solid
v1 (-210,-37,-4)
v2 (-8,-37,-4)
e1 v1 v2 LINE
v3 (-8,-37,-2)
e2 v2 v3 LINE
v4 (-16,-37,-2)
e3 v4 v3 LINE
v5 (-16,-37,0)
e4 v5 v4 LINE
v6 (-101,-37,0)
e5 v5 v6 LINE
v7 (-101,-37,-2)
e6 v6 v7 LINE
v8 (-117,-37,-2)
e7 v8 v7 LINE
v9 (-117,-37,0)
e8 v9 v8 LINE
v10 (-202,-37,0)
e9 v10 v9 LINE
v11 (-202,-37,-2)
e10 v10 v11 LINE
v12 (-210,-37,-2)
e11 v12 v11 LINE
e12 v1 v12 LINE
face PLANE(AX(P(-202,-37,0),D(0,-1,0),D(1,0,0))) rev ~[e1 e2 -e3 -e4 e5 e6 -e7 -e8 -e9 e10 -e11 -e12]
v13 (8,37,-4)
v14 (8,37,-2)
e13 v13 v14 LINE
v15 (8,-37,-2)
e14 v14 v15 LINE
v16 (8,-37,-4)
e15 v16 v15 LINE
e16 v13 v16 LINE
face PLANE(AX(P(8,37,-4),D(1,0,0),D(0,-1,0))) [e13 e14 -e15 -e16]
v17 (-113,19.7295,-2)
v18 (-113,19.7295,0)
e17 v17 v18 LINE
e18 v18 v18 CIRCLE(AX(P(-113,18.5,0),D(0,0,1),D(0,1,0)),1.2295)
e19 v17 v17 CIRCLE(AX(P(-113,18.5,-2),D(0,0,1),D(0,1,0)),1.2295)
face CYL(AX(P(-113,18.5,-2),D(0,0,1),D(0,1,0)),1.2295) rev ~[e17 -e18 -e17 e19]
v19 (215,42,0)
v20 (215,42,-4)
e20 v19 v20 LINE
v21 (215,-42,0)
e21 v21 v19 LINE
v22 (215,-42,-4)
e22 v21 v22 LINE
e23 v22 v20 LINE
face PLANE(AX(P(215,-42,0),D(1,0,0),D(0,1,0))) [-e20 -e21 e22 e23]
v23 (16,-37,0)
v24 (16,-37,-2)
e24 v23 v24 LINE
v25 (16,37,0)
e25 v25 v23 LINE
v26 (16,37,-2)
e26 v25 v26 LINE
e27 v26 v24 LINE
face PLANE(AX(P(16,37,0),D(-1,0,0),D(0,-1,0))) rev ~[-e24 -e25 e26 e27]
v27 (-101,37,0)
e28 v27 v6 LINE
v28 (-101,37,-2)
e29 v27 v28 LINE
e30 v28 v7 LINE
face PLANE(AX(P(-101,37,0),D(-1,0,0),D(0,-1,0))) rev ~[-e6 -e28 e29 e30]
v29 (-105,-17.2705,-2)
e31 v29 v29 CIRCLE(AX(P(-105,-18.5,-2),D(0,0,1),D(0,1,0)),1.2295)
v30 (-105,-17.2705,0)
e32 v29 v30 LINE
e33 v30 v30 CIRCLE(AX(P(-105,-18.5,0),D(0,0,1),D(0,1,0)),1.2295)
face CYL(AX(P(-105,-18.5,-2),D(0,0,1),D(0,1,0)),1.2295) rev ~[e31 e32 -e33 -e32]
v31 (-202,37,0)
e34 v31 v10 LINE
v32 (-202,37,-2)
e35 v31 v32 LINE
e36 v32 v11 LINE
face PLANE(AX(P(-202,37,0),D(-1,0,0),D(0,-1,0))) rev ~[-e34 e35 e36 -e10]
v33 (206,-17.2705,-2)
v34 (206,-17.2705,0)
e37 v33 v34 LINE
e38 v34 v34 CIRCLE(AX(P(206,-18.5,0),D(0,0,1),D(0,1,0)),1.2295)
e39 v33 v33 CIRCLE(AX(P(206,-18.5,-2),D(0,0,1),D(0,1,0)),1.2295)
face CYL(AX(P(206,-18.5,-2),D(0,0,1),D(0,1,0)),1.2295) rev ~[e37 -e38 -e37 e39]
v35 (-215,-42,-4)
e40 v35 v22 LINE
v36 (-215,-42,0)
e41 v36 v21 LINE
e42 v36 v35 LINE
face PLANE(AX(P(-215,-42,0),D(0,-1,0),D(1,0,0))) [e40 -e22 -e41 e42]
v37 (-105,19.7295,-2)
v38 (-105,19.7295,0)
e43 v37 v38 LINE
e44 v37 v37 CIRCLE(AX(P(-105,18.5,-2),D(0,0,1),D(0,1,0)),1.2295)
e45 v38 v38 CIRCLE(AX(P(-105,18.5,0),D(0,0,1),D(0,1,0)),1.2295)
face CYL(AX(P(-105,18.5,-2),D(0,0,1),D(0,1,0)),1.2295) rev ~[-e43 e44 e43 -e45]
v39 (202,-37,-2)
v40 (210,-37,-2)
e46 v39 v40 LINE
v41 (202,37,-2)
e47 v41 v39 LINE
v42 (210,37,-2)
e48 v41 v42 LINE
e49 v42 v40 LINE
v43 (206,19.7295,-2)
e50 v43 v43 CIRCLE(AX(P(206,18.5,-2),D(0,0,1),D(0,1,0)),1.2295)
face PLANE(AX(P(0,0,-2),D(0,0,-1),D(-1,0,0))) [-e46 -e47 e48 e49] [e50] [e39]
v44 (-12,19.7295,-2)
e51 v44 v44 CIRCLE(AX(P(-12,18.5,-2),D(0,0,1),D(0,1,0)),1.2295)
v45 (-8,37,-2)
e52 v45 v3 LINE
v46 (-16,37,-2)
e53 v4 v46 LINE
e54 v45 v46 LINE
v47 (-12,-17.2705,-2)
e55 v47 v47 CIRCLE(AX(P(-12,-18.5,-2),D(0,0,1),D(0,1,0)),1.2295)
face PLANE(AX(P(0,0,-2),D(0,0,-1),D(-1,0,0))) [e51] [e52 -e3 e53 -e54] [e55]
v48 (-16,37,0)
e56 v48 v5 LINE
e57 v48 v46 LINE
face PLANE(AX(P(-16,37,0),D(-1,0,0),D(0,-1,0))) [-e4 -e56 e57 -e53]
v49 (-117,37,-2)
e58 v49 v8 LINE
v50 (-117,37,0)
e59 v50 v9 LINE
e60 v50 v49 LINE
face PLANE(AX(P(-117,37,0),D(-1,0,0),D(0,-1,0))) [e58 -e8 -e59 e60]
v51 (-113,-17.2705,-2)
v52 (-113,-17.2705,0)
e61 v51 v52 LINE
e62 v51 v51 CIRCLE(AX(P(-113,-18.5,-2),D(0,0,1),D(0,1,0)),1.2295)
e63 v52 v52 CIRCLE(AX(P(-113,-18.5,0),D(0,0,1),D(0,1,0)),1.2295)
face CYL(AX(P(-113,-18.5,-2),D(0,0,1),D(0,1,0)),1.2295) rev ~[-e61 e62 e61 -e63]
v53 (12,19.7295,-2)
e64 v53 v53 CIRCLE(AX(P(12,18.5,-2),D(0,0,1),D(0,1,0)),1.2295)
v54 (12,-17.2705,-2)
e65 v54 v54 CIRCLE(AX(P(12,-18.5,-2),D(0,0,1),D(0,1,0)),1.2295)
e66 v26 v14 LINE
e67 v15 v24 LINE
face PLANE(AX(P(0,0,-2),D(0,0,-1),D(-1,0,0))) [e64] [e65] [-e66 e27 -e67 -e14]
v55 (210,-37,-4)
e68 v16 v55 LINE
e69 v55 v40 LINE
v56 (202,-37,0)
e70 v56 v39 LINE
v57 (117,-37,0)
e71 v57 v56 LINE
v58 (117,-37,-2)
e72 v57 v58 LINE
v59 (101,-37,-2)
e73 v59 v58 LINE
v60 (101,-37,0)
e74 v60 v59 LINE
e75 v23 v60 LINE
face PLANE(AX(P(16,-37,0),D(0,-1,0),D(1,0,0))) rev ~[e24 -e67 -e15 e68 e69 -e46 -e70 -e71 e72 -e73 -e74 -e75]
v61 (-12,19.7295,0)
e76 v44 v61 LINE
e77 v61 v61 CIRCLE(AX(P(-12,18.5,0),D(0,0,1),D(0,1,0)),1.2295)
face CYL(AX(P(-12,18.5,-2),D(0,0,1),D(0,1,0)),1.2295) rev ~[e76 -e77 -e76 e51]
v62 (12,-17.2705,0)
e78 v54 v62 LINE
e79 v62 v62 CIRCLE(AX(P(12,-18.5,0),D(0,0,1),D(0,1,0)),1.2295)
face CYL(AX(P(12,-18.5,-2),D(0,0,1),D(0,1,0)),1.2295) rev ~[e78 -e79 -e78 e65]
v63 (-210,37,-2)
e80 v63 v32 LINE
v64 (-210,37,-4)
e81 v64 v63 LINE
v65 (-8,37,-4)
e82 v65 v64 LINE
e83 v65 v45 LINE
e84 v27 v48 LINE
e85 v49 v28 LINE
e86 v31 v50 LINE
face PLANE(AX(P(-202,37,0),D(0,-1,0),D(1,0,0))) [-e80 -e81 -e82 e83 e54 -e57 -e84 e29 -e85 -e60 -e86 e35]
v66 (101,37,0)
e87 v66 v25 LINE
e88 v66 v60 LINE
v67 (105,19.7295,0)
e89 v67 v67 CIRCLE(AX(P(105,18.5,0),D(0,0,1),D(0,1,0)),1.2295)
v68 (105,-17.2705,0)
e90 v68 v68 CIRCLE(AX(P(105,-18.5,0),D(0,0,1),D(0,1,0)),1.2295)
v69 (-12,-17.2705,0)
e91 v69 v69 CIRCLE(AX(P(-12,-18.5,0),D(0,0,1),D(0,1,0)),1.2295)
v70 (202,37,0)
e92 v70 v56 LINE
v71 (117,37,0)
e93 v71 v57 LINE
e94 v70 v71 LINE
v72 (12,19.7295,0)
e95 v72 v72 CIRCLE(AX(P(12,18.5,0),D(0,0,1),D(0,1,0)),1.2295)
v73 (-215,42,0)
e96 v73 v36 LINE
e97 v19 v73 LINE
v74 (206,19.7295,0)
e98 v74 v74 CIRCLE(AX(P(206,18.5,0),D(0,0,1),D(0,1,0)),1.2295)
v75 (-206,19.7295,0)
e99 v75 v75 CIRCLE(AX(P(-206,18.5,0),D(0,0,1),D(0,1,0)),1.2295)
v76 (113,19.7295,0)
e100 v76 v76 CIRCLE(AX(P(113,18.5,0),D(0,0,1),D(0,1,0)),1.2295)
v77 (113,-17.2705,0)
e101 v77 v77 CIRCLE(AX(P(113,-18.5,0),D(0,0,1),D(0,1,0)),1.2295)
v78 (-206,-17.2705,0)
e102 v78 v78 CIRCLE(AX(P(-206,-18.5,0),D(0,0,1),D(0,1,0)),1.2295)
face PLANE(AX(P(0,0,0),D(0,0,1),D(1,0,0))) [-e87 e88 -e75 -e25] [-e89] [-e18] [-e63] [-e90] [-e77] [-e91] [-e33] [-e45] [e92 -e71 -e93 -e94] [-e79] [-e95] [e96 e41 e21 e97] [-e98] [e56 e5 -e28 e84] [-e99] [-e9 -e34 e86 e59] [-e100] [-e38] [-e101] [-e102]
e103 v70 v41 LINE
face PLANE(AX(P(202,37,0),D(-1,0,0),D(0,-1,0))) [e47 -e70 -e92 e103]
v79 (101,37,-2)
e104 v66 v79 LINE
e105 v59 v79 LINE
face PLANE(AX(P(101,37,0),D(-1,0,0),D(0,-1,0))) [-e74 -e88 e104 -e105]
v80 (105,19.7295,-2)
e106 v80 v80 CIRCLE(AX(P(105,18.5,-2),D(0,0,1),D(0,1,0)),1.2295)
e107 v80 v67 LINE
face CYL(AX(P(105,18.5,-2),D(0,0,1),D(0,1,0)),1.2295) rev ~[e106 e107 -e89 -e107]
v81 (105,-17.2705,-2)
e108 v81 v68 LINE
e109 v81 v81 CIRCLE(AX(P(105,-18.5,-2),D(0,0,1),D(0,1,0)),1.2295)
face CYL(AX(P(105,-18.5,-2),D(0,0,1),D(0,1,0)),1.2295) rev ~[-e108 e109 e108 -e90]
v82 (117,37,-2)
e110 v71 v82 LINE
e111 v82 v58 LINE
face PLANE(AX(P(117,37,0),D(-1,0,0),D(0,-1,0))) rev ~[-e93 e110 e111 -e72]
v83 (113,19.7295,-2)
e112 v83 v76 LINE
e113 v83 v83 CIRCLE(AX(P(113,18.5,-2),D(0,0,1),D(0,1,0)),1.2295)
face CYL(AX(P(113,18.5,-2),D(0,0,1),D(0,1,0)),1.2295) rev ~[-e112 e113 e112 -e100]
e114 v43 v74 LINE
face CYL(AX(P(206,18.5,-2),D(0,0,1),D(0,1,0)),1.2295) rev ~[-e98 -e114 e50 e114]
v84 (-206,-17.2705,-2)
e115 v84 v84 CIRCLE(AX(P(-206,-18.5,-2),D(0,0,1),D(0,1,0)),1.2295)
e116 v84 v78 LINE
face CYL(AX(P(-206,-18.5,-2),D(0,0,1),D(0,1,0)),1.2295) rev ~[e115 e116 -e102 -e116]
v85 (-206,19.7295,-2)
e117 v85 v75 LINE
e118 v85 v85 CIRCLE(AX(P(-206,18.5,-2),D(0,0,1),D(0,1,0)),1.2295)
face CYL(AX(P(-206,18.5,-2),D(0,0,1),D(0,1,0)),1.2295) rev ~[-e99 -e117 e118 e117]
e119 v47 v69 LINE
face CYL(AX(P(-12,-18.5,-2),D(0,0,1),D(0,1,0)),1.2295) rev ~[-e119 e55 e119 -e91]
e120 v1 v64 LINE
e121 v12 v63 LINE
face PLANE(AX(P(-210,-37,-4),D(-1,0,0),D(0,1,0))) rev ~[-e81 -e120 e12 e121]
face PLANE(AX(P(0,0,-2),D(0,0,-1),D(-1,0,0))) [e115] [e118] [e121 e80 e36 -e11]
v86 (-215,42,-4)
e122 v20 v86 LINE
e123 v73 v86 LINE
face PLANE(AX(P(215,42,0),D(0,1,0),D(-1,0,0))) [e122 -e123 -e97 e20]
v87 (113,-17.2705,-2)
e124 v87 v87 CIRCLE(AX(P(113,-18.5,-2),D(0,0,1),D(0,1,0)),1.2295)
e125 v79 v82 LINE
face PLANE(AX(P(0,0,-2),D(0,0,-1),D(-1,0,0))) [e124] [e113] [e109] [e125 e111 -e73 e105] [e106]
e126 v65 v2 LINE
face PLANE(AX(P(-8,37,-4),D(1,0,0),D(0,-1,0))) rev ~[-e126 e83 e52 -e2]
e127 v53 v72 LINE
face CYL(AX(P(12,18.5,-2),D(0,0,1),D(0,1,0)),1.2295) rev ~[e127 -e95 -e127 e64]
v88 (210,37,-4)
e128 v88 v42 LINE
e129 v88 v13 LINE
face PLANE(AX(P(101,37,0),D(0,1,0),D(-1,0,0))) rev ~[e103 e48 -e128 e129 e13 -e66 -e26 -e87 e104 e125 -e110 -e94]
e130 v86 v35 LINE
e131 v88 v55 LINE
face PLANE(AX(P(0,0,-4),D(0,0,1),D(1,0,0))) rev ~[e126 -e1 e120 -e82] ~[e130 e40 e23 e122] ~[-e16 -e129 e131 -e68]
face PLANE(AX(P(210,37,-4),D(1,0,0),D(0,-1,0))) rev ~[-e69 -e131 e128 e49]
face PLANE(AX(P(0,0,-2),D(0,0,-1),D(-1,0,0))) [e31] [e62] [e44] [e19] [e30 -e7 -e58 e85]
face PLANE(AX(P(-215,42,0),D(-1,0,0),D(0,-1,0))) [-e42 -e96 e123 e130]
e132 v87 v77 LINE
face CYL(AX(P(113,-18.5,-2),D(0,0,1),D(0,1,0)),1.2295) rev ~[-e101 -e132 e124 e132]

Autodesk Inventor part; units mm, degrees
ref_plane "YZ Plane" through (0, 0, 0) normal (1, 0, 0) x (0, 1, 0)
ref_plane "XZ Plane" through (0, 0, 0) normal (0, 1, 0) x (-1, 0, 0)
ref_plane "XY Plane" through (0, 0, 0) normal (0, 0, 1) x (1, 0, 0)
sketch "Esboço1" plane through (0, 0, 0) normal (0, 0, 1) x (1, 0, 0)
  line L0 (-215, -42) -> (215, -42)
  line L1 (215, -42) -> (215, 42)
  line L2 (215, 42) -> (-215, 42)
  line L3 (-215, 42) -> (-215, -42)
  point P0 (0, 0)
  dimension "d2" = 430
  dimension "d4" = 84
  dimension "d6" = 215
  dimension "d7" = 42
extrude "Extrusão1" add sketch "Esboço1" against normal blind 4
sketch "Esboço3" plane through (0, 0, 0) normal (0, 0, 1) x (1, 0, 0)
  line L0 (-215, -42) -> (-215, 42) projected
  line L1 (215, -42) -> (-215, -42) projected
  line L2 (-215, 37) -> (215, 37) construction
  line L3 (-210, 42) -> (-210, -42) construction
  line L4 (210, 42) -> (210, -42) construction
  line L5 (-215, -37) -> (215, -37) construction
  line L6 (-8, 37) -> (-8, -37) construction
  line L7 (8, 37) -> (8, -37) construction
  line L8 (210, 37) -> (210, -37)
  line L9 (-202, 37) -> (-202, -37)
  line L10 (-16, 37) -> (-16, -37)
  line L11 (-117, 37) -> (-117, -37)
  line L12 (-101, 37) -> (-101, -37)
  line L13 (16, 37) -> (16, -37)
  line L14 (202, 37) -> (202, -37)
  line L15 (101, 37) -> (101, -37)
  line L16 (117, 37) -> (117, -37)
  line L17 (-202, -37) -> (-117, -37)
  line L18 (-202, 37) -> (-117, 37)
  line L19 (-101, 37) -> (-16, 37)
  line L20 (-16, -37) -> (-101, -37)
  line L21 (202, 37) -> (117, 37)
  line L22 (101, 37) -> (16, 37)
  line L23 (-215, 42) -> (215, 42) projected
  line L24 (16, -37) -> (101, -37)
  line L25 (117, -37) -> (202, -37)
  point P0 (0, 0)
  dimension "d79" = 79
  dimension "d80" = 5
  dimension "d81" = 79
  dimension "d82" = 5
  dimension "d83" = 79
  dimension "d84" = 5
  dimension "d85" = 79
  dimension "d86" = 5
  dimension "d87" = 199
  dimension "d88" = 114
  dimension "d89" = 98
  dimension "d90" = 13
  dimension "d91" = 79
  dimension "d92" = 5
  dimension "d93" = 425
  dimension "d94" = 417
  dimension "d95" = 332
  dimension "d96" = 316
  dimension "d97" = 231
  dimension "d98" = 223
  dimension "d99" = 207
  dimension "d100" = 5
  dimension "d101" = 430
  dimension "d102" = 430
  dimension "d103" = 84
  dimension "d104" = 84
extrude "Extrusão2" cut sketch "Esboço3" against normal blind 10
sketch "Esboço5" plane through (0, 0, -4) normal (0, 0, -1) x (-1, 0, 0)
  line L0 (-215, 37) -> (215, 37) construction
  line L1 (-210, 42) -> (-210, -42) construction
  line L2 (210, 42) -> (210, -42) construction
  line L3 (-215, -37) -> (215, -37) construction
  line L4 (-8, 37) -> (-8, -37) construction
  line L5 (8, 37) -> (8, -37) construction
  line L6 (-117, -37) -> (-202, -37)
  line L7 (-202, -37) -> (-210, -37)
  line L8 (-210, 37) -> (-210, -37)
  line L9 (-210, 37) -> (-202, 37)
  line L10 (-202, 37) -> (-117, 37)
  line L11 (-202, 37) -> (-202, -37)
  line L12 (-101, 37) -> (-16, 37)
  line L13 (-117, 37) -> (-101, 37)
  line L14 (-101, -37) -> (-101, 37)
  line L15 (-101, 37) -> (-101, -37)
  line L16 (-101, -37) -> (-117, -37)
  line L17 (-117, 37) -> (-117, -37)
  line L18 (-16, 37) -> (-8, 37)
  line L19 (-8, 37) -> (-8, -37)
  line L20 (-8, -37) -> (-16, -37)
  line L21 (-16, 37) -> (-16, -37)
  line L22 (-16, -37) -> (-16, 37)
  line L23 (16, 37) -> (101, 37)
  line L24 (8, 37) -> (16, 37)
  line L25 (16, -37) -> (16, 37)
  line L26 (16, 37) -> (16, -37)
  line L27 (16, -37) -> (8, -37)
  line L28 (8, 37) -> (8, -37)
  line L29 (101, 37) -> (101, -37)
  line L30 (101, 37) -> (117, 37)
  line L31 (117, -37) -> (117, 37)
  line L32 (117, 37) -> (117, -37)
  line L33 (117, -37) -> (101, -37)
  line L34 (101, -37) -> (101, 37)
  line L35 (117, 37) -> (202, 37)
  line L36 (202, 37) -> (210, 37)
  line L37 (210, -37) -> (210, 37)
  line L38 (202, -37) -> (117, -37)
  line L39 (202, 37) -> (202, -37)
  line L40 (202, -37) -> (210, -37)
  point P0 (0, 0)
  point P1 (0, 0)
  point P2 (0, 0)
  dimension "d188" = 109
  dimension "d189" = 109
  dimension "d190" = 125
  dimension "d191" = 327
  dimension "d192" = 98
  dimension "d193" = 98
  dimension "d194" = 79
  dimension "d195" = 5
  dimension "d196" = 37
  dimension "d197" = 117
  dimension "d198" = 79
  dimension "d199" = 5
  dimension "d200" = 332
  dimension "d201" = 332
  dimension "d202" = 90
  dimension "d203" = 90
  dimension "d204" = 90
  dimension "d205" = 90
  dimension "d206" = 8
  dimension "d207" = 93
  dimension "d208" = 194
  dimension "d209" = 226
  dimension "d210" = 311
  dimension "d211" = 327
  dimension "d212" = 412
  dimension "d213" = 74
  dimension "d214" = 210
  dimension "d215" = 37
  dimension "d216" = 74
  dimension "d217" = 210
  dimension "d218" = 37
extrude "Extrusão4" cut sketch "Esboço5" against normal blind 2
sketch "Esboço6" plane through (0, 0, -2) normal (0, 0, -1) x (-1, 0, 0)
  line L0 (-210, 37) -> (-202, 37) projected
  line L1 (-210, 37) -> (-8, 37) projected
  line L2 (-210, -37) -> (-210, 37) projected
  line L3 (-210, 18.5) -> (210, 18.5) construction
  line L4 (210, 37) -> (210, -37) projected
  line L5 (-210, -18.5) -> (210, -18.5) construction
  line L6 (-117, 37) -> (-101, 37) projected
  line L7 (-206, 37) -> (-206, -37) construction
  line L8 (-113, 37) -> (-113, -37) construction
  line L9 (-105, 37) -> (-105, -37) construction
  line L10 (8, 37) -> (16, 37) projected
  line L11 (12, 37) -> (12, -37) construction
  line L12 (-16, 37) -> (-8, 37) projected
  line L13 (-12, 37) -> (-12, -37) construction
  line L14 (-8, -37) -> (-16, -37) projected
  line L15 (101, 37) -> (117, 37) projected
  line L16 (105, 37) -> (105, -37) construction
  line L17 (113, 37) -> (113, -37) construction
  line L18 (202, 37) -> (210, 37) projected
  line L19 (206, 37) -> (206, -37) construction
  line L20 (210, -37) -> (8, -37) projected
  point P0 (0, 0)
  point P1 (-206, 18.5)
  point P2 (-206, -18.5)
  point P3 (-113, -18.5)
  point P4 (-105, -18.5)
  point P5 (-113, 18.5)
  point P6 (-105, 18.5)
  point P7 (-12, 18.5)
  point P8 (-12, -18.5)
  point P9 (12, -18.5)
  point P10 (12, 18.5)
  point P11 (105, 18.5)
  point P12 (113, 18.5)
  point P13 (113, -18.5)
  point P14 (105, -18.5)
  point P15 (206, 18.5)
  point P16 (206, -18.5)
  dimension "d230" = 18.5
  dimension "d231" = 55.5
  dimension "d232" = 97
  dimension "d233" = 105
  dimension "d234" = 315
  dimension "d235" = 323
  dimension "d236" = 416
  dimension "d237" = 0
  dimension "d238" = 0
  dimension "d239" = 0
  dimension "d240" = 0
  dimension "d241" = 74
  dimension "d242" = 0
hole "Furo1" at (206, 18.5, -2) at (206, -18.5, -2) at (113, -18.5, -2) at (105, -18.5, -2) at (113, 18.5, -2) at (105, 18.5, -2) at (12, 18.5, -2) at (12, -18.5, -2) at (-12, -18.5, -2) at (-12, 18.5, -2) at (-105, 18.5, -2) at (-113, 18.5, -2) at (-113, -18.5, -2) at (-105, -18.5, -2) at (-206, 18.5, -2) at (-206, -18.5, -2) direction (0, 0, 1) diameter 2.459 end through all thread size "M3x0.5" class "6H" standard "ANSI Metric M Profile"
equation "\"d2\" = 2 * d6"
equation "\"d4\" = 2 * d7"
properties part number "Ra-Manager_Painel_Traseiro" material "Aço, carbono"
